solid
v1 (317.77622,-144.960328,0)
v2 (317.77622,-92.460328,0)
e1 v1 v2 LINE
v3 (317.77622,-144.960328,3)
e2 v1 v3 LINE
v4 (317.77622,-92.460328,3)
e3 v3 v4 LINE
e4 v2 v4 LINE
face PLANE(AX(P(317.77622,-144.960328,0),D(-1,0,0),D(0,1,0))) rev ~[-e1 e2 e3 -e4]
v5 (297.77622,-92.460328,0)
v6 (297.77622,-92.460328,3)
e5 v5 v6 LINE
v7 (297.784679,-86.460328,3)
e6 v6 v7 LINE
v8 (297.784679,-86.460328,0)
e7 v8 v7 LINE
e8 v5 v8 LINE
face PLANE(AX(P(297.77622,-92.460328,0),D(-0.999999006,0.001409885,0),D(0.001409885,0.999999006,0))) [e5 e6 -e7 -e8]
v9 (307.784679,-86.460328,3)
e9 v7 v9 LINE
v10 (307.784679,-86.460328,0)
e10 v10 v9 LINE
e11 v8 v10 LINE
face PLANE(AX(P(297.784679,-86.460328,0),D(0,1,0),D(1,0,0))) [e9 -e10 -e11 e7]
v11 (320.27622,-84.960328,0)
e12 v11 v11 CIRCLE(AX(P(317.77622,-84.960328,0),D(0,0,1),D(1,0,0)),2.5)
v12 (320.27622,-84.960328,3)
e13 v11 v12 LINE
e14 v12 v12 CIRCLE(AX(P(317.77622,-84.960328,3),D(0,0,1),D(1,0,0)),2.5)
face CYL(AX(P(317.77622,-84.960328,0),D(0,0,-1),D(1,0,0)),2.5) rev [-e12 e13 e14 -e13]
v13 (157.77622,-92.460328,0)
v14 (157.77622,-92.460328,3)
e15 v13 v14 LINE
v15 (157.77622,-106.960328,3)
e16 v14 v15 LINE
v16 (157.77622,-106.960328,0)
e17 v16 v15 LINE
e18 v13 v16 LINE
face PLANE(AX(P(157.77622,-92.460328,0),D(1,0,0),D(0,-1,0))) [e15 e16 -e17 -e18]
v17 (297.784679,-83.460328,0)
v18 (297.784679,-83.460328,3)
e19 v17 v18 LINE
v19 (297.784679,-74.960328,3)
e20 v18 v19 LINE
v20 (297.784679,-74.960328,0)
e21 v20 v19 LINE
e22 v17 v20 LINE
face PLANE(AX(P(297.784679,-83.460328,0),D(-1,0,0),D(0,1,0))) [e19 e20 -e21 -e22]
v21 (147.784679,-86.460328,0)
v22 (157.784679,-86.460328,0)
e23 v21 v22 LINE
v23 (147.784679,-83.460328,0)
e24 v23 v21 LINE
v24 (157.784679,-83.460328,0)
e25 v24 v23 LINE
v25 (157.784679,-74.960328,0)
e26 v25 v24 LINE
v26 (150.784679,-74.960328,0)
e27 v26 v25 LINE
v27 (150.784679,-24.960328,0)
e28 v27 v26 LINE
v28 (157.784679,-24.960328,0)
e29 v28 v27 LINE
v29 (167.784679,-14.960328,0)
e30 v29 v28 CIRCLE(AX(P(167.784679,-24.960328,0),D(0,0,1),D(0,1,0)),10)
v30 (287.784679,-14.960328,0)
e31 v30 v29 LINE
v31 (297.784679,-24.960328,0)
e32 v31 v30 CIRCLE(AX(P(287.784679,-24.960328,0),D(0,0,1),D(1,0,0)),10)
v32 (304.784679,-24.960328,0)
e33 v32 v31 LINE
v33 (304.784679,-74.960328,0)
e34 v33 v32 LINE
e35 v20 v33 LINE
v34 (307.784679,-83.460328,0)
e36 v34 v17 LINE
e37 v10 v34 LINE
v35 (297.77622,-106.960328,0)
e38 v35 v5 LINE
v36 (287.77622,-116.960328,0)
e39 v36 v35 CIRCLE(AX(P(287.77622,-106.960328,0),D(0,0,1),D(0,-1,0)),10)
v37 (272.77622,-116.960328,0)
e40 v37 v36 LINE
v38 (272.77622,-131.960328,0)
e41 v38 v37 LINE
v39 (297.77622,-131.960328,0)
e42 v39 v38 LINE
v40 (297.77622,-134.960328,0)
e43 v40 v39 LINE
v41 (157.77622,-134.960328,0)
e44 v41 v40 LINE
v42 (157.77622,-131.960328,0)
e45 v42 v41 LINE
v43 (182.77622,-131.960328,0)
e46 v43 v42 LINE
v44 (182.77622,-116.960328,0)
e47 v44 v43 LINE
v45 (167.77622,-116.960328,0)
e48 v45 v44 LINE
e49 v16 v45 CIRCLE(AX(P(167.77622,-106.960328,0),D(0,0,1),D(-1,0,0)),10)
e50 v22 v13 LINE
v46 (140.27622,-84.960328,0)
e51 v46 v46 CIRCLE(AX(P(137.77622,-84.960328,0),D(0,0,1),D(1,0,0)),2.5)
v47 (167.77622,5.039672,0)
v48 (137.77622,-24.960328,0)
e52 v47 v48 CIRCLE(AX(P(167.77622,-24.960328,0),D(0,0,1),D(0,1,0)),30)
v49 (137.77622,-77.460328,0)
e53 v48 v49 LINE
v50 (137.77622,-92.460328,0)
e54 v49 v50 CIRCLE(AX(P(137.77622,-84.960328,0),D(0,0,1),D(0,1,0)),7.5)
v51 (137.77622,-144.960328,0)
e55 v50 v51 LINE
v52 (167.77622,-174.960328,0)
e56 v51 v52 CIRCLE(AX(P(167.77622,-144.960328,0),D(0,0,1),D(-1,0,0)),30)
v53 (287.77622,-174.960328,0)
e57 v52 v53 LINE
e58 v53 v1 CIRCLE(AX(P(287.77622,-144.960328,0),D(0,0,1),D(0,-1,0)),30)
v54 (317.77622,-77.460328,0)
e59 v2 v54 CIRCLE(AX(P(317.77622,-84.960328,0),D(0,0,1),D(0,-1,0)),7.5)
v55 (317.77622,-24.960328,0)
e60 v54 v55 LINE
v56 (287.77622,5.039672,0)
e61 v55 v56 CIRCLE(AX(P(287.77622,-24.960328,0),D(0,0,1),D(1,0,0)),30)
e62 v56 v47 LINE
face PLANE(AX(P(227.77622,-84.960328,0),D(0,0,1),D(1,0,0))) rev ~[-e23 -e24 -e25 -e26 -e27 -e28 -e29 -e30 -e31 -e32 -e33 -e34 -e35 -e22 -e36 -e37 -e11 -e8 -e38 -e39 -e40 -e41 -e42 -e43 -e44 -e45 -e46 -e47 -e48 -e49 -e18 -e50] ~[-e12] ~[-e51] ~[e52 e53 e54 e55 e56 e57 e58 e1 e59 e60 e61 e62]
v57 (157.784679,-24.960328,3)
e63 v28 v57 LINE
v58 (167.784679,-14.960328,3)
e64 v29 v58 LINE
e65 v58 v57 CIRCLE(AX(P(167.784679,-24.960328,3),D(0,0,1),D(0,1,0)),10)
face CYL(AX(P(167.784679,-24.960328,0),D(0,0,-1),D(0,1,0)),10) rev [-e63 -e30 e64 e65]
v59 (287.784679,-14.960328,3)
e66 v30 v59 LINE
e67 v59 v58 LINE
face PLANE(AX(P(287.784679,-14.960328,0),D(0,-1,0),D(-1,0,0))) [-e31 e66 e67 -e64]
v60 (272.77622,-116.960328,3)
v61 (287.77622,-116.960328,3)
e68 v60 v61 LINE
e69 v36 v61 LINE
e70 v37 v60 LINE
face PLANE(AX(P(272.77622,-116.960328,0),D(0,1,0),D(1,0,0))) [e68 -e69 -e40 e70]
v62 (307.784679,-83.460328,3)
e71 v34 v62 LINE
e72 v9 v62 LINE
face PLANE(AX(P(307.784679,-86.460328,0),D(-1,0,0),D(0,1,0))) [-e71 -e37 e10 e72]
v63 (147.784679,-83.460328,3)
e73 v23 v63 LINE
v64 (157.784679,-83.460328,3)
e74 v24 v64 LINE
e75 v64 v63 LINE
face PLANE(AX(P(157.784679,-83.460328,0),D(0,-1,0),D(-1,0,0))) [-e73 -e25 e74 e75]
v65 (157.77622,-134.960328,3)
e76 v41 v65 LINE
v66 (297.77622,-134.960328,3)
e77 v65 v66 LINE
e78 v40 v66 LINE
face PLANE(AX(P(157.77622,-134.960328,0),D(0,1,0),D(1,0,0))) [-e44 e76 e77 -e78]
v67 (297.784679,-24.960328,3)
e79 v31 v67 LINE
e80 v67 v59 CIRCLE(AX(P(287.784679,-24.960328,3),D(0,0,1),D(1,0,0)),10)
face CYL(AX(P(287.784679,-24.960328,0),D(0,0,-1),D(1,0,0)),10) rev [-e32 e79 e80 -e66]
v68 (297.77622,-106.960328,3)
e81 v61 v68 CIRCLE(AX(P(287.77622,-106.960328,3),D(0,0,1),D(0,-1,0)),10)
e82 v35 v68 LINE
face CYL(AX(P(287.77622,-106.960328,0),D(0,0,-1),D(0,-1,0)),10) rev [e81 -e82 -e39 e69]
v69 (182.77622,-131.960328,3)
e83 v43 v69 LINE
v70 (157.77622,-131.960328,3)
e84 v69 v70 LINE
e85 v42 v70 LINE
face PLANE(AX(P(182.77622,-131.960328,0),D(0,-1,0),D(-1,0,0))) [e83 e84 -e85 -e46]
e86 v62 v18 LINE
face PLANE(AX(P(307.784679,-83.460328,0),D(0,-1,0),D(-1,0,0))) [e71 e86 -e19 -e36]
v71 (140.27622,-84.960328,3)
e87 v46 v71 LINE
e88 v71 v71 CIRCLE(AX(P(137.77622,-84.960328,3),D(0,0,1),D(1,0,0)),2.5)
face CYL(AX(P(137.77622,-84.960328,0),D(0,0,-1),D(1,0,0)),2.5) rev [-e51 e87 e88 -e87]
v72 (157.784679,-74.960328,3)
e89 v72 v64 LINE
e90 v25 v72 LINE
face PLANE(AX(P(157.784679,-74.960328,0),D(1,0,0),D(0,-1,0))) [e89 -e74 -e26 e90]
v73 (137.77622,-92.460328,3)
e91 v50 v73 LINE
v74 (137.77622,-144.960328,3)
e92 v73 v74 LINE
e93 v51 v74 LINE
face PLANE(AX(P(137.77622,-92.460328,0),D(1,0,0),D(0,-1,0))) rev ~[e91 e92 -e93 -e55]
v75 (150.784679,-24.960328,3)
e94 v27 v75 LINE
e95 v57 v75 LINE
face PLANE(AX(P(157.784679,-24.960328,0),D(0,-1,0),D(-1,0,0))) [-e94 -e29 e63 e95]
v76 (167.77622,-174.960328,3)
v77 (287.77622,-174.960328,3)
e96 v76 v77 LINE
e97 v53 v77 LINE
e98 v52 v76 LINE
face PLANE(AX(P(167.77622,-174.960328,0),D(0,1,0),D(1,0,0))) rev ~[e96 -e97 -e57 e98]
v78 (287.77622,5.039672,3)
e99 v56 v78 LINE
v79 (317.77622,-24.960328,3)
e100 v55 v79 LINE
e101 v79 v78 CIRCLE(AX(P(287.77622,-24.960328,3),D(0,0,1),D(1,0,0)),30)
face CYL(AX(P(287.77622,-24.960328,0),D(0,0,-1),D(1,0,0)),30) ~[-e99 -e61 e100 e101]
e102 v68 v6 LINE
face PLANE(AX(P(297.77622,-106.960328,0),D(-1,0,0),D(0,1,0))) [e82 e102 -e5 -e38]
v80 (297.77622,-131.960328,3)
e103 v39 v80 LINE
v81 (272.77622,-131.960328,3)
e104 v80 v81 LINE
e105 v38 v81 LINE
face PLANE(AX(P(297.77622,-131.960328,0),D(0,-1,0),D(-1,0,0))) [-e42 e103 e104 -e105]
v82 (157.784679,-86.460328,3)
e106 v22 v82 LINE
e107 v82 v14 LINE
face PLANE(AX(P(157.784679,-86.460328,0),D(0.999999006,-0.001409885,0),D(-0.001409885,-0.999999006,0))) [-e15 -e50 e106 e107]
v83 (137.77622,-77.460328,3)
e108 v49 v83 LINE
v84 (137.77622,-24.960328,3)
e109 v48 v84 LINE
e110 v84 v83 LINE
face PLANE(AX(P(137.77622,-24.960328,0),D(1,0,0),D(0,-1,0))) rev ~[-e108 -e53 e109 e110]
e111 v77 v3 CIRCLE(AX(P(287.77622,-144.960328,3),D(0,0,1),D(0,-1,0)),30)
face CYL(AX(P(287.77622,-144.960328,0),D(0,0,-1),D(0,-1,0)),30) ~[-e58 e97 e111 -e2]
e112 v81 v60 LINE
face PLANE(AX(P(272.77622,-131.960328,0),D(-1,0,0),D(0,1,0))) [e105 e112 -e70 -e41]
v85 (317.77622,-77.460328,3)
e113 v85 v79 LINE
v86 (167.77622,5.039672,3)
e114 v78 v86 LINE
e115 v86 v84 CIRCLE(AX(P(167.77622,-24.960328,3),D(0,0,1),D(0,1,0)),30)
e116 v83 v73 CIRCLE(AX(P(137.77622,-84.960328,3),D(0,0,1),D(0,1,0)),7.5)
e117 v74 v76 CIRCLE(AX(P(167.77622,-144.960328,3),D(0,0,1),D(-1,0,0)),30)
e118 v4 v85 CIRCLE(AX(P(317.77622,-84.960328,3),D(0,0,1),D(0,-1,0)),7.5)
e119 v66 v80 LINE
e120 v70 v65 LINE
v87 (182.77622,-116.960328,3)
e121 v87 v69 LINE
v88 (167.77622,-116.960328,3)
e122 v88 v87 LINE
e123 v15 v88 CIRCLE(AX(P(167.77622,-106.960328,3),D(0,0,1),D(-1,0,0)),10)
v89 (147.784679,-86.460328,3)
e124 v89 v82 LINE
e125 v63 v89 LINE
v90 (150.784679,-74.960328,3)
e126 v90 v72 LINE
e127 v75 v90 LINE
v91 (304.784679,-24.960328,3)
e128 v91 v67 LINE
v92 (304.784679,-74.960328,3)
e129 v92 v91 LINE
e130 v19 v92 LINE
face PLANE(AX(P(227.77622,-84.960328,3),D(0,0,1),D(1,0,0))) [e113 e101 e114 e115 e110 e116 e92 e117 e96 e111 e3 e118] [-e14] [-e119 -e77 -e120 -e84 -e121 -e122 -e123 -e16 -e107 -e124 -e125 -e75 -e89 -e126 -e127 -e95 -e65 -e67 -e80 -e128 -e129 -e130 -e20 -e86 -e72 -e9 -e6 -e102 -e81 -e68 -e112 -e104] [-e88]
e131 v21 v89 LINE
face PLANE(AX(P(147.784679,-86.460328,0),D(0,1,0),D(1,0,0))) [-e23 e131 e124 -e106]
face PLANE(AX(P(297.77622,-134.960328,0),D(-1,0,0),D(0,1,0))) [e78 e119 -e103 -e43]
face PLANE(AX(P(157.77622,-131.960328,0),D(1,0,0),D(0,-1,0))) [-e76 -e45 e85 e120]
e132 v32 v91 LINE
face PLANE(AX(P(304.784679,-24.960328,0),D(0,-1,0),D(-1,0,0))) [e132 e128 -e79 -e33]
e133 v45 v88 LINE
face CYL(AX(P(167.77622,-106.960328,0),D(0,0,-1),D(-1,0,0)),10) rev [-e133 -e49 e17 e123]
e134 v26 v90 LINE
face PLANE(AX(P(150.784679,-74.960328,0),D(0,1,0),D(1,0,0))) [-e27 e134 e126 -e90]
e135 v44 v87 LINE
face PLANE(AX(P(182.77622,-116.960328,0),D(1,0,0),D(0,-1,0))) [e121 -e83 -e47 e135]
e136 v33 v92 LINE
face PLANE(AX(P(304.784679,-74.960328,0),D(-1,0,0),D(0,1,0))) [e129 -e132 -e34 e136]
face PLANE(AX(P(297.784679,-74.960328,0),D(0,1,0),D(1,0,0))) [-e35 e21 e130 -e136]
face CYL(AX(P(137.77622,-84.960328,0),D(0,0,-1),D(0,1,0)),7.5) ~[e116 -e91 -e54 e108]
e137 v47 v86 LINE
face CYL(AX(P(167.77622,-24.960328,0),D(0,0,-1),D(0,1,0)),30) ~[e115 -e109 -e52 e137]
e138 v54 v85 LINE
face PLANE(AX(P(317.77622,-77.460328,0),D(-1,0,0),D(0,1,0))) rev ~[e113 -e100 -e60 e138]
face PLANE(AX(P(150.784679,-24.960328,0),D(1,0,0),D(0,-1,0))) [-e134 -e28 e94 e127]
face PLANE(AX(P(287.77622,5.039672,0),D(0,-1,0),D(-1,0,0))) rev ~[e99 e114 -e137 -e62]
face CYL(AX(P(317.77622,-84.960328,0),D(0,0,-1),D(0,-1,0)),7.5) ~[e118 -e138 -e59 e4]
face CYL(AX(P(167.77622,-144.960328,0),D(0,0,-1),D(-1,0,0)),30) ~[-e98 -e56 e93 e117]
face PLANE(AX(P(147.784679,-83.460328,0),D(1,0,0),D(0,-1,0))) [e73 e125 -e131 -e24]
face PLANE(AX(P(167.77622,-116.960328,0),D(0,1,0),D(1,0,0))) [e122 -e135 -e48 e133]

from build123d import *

# Parameters (mm, degrees)
SKETCH1_R           = 2.5
BOSS_EXTRUDE1_DEPTH = 3


with BuildPart() as part:
    # Sketch1 → Boss-Extrude1 (new body)
    with BuildSketch(Plane.XY):
        with BuildLine():
            Line((167.77621964, -174.96032759), (287.77621964, -174.96032759))
            ThreePointArc((287.77621964, -174.96032759), (308.989423075, -166.173531026), (317.77621964, -144.96032759))
            Line((317.77621964, -144.96032759), (317.77621964, -92.46032759))
            ThreePointArc((317.77621964, -92.46032759), (325.27621964, -84.96032759), (317.77621964, -77.46032759))
            Line((317.77621964, -77.46032759), (317.77621964, -24.96032759))
            ThreePointArc((317.77621964, -24.96032759), (308.989423075, -3.747124154), (287.77621964, 5.03967241))
            Line((287.77621964, 5.03967241), (167.77621964, 5.03967241))
            ThreePointArc((167.77621964, 5.03967241), (146.563016204, -3.747124154), (137.77621964, -24.96032759))
            Line((137.77621964, -24.96032759), (137.77621964, -77.46032759))
            ThreePointArc((137.77621964, -77.46032759), (130.27621964, -84.96032759), (137.77621964, -92.46032759))
            Line((137.77621964, -92.46032759), (137.77621964, -144.96032759))
            ThreePointArc((137.77621964, -144.96032759), (146.563016204, -166.173531026), (167.77621964, -174.96032759))
        make_face()
        with Locations((317.77621964, -84.96032759)):
            Circle(SKETCH1_R, mode=Mode.SUBTRACT)
        with Locations((137.77621964, -84.96032759)):
            Circle(SKETCH1_R, mode=Mode.SUBTRACT)
        with BuildLine():
            Line((226.284678956, -14.96032759), (167.784678956, -14.96032759))
            ThreePointArc((167.784678956, -14.96032759), (160.713611144, -17.889259778), (157.784678956, -24.96032759))
            Line((157.784678956, -24.96032759), (150.784678956, -24.96032759))
            Line((150.784678956, -24.96032759), (150.784678956, -74.96032759))
            Line((150.784678956, -74.96032759), (157.784678956, -74.96032759))
            Line((157.784678956, -74.96032759), (157.784678956, -83.46032759))
            Line((157.784678956, -83.46032759), (147.784678956, -83.46032759))
            Line((147.784678956, -83.46032759), (147.784678956, -86.46032759))
            Line((147.784678956, -86.46032759), (157.784678956, -86.46032759))
            Line((157.784678956, -86.46032759), (157.77621964, -92.46032759))
            Line((157.77621964, -92.46032759), (157.77621964, -106.96032759))
            ThreePointArc((157.77621964, -106.96032759), (160.705151828, -114.031395402), (167.77621964, -116.96032759))
            Line((167.77621964, -116.96032759), (182.77621964, -116.96032759))
            Line((182.77621964, -116.96032759), (182.77621964, -131.96032759))
            Line((182.77621964, -131.96032759), (157.77621964, -131.96032759))
            Line((157.77621964, -131.96032759), (157.77621964, -134.96032759))
            Line((157.77621964, -134.96032759), (297.77621964, -134.96032759))
            Line((297.77621964, -134.96032759), (297.77621964, -131.96032759))
            Line((297.77621964, -131.96032759), (272.77621964, -131.96032759))
            Line((272.77621964, -131.96032759), (272.77621964, -116.96032759))
            Line((272.77621964, -116.96032759), (287.77621964, -116.96032759))
            ThreePointArc((287.77621964, -116.96032759), (294.847287452, -114.031395402), (297.77621964, -106.96032759))
            Line((297.77621964, -106.96032759), (297.77621964, -92.46032759))
            Line((297.77621964, -92.46032759), (297.784678956, -86.46032759))
            Line((297.784678956, -86.46032759), (307.784678956, -86.46032759))
            Line((307.784678956, -86.46032759), (307.784678956, -83.46032759))
            Line((307.784678956, -83.46032759), (297.784678956, -83.46032759))
            Line((297.784678956, -83.46032759), (297.784678956, -74.96032759))
            Line((297.784678956, -74.96032759), (304.784678956, -74.96032759))
            Line((304.784678956, -74.96032759), (304.784678956, -24.96032759))
            Line((304.784678956, -24.96032759), (297.784678956, -24.96032759))
            ThreePointArc((297.784678956, -24.96032759), (294.855746768, -17.889259778), (287.784678956, -14.96032759))
            Line((287.784678956, -14.96032759), (229.284678956, -14.96032759))
            Line((229.284678956, -14.96032759), (226.284678956, -14.96032759))
        make_face(mode=Mode.SUBTRACT)
    extrude(amount=BOSS_EXTRUDE1_DEPTH)


solid = part.part
